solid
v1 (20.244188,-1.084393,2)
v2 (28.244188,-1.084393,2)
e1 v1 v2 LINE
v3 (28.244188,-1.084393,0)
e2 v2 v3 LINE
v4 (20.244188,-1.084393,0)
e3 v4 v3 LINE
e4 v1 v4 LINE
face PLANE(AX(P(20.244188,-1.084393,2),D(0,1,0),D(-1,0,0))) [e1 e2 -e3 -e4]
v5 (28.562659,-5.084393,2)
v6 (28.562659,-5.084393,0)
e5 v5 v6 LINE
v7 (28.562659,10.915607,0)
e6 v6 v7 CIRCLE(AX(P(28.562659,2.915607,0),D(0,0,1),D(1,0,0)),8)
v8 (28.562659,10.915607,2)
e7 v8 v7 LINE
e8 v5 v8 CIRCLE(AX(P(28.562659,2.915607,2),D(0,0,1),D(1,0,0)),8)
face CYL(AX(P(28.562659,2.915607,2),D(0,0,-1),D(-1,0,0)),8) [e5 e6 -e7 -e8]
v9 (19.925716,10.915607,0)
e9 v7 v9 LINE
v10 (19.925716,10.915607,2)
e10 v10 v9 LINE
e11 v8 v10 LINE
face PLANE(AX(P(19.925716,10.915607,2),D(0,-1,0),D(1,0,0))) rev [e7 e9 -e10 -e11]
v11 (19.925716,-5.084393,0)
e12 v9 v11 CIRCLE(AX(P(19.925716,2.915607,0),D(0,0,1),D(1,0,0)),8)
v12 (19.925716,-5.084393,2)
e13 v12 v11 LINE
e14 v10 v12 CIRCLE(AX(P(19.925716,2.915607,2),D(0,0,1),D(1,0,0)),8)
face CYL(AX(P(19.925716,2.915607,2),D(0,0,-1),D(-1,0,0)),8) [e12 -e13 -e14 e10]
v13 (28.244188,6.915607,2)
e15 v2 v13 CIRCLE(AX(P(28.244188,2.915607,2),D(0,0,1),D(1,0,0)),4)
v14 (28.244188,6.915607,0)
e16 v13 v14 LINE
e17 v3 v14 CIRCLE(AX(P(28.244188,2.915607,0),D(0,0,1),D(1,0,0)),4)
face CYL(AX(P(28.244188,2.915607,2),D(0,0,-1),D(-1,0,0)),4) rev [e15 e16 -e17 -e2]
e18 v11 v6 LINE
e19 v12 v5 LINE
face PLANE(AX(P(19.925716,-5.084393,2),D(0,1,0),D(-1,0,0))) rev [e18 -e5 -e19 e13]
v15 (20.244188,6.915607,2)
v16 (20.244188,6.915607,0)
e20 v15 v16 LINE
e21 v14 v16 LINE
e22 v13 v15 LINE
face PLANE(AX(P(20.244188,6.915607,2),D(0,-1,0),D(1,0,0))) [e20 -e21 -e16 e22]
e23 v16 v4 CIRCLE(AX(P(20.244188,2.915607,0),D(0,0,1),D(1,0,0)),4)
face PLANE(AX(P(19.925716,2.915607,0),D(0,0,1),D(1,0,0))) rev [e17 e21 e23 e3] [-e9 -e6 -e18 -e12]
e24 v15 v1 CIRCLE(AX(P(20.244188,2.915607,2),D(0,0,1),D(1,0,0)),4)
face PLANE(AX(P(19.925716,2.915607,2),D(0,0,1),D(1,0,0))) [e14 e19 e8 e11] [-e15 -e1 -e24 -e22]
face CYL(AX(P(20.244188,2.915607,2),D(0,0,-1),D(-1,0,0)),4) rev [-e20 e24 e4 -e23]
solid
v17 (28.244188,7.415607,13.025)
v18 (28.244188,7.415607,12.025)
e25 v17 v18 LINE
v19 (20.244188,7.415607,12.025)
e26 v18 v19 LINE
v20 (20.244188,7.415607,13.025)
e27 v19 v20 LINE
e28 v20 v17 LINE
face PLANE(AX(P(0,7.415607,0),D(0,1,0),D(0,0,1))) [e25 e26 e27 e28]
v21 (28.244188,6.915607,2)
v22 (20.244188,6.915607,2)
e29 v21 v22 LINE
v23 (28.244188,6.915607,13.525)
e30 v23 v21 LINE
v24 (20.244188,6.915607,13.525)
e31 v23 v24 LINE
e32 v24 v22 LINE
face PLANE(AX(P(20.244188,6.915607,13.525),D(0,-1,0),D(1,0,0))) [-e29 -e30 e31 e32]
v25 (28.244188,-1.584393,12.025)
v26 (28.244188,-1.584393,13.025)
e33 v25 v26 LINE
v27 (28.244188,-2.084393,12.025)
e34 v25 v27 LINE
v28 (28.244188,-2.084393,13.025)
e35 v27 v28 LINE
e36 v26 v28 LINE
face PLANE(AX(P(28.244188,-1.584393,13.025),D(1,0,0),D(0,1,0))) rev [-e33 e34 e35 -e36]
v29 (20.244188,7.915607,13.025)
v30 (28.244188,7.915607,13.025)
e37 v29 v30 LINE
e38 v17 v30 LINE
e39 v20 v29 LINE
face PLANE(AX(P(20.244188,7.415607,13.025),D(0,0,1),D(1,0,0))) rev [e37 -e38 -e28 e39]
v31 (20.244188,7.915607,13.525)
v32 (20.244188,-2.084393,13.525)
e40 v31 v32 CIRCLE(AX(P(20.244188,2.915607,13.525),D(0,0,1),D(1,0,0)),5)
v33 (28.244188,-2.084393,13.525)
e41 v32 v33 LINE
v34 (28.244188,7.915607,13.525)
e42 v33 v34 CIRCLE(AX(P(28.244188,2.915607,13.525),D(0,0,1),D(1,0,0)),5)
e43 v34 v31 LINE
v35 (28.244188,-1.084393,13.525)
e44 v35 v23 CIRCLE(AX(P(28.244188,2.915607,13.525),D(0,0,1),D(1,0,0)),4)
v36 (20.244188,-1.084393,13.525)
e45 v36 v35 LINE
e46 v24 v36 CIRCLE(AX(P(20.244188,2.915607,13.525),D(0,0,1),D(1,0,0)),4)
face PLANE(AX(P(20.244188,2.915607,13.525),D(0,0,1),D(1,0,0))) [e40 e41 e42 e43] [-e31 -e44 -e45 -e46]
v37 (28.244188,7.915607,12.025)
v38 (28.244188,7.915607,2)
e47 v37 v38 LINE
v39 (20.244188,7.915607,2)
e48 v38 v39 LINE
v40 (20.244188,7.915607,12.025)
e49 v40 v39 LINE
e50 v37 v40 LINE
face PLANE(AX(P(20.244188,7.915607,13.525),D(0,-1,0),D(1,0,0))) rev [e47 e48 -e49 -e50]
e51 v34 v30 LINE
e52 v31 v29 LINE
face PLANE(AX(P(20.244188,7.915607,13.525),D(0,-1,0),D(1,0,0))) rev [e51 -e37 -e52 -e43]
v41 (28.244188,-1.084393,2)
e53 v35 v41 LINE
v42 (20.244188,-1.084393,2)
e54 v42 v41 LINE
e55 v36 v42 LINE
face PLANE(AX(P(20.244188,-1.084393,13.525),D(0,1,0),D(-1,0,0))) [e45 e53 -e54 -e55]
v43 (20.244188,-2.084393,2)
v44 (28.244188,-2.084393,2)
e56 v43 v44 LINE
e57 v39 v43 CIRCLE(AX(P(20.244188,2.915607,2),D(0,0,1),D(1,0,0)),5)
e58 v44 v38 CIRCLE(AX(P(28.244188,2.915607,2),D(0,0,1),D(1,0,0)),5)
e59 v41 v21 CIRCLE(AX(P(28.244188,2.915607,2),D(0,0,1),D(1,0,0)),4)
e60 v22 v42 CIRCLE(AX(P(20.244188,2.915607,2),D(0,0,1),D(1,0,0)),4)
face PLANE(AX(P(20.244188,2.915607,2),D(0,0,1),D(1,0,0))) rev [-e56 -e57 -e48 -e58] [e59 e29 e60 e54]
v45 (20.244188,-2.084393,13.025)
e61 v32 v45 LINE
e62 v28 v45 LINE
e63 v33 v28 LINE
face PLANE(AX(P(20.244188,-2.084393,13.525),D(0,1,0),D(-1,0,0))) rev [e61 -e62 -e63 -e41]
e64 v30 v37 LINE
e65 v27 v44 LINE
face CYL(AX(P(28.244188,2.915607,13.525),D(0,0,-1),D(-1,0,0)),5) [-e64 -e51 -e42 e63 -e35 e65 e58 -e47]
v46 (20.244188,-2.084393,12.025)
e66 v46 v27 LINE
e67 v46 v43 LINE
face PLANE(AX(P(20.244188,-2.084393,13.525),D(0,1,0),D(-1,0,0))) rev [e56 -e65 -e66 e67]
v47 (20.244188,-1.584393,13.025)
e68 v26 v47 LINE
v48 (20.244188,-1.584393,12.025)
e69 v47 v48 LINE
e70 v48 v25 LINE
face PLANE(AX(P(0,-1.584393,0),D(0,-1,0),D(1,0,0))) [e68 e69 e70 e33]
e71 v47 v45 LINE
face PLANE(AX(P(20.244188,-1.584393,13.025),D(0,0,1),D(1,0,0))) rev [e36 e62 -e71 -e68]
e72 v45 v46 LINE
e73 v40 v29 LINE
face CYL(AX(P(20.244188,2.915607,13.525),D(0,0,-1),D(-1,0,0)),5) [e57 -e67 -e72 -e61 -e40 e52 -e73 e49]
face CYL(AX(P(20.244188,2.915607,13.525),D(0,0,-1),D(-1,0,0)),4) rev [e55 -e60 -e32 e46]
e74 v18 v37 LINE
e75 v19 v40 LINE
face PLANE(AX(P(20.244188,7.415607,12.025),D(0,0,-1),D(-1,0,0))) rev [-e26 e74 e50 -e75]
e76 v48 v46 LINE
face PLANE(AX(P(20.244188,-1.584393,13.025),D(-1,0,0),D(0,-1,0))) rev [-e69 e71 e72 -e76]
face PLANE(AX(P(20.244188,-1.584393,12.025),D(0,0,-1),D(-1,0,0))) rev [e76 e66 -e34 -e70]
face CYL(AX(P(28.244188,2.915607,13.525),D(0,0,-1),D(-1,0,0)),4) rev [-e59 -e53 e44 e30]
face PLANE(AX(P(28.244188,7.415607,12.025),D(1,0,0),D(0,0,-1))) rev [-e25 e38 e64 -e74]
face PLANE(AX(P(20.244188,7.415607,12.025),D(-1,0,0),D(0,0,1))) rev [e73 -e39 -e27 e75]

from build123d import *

# Parameters (mm, degrees)
BASEBOSS_EXTRUDE1_DEPTH = 2
BOSS_EXTRUDE2_DEPTH     = 11.525
SKETCH3_W               = 8
SKETCH3_H               = 1
CUT_EXTRUDE1_DEPTH      = 0.5
SKETCH4_W               = 8
SKETCH4_H               = 1
CUT_EXTRUDE2_DEPTH      = 0.5


with BuildPart() as part:
    # Sketch1 → BaseBoss-Extrude1 (new body)
    with BuildSketch(Plane.XY):
        with BuildLine():
            Line((19.925716198, 10.915607247), (28.562658873, 10.915607247))
            ThreePointArc((28.562658873, 10.915607247), (36.562658873, 2.915607247), (28.562658873, -5.084392753))
            Line((28.562658873, -5.084392753), (19.925716198, -5.084392753))
            ThreePointArc((19.925716198, -5.084392753), (11.925716198, 2.915607247), (19.925716198, 10.915607247))
        make_face()
        with BuildLine():
            Line((20.244187536, 6.915607247), (28.244187536, 6.915607247))
            ThreePointArc((28.244187536, 6.915607247), (32.244187536, 2.915607247), (28.244187536, -1.084392753))
            Line((28.244187536, -1.084392753), (20.244187536, -1.084392753))
            ThreePointArc((20.244187536, -1.084392753), (16.244187536, 2.915607247), (20.244187536, 6.915607247))
        make_face(mode=Mode.SUBTRACT)
    extrude(amount=BASEBOSS_EXTRUDE1_DEPTH)


with BuildPart() as body_2:
    # Sketch2 → Boss-Extrude2 (new body)
    with BuildSketch(Plane.XY.offset(2)):
        with BuildLine():
            Line((20.244187536, 7.915607247), (28.244187536, 7.915607247))
            ThreePointArc((28.244187536, 7.915607247), (33.244187536, 2.915607247), (28.244187536, -2.084392753))
            Line((28.244187536, -2.084392753), (20.244187536, -2.084392753))
            ThreePointArc((20.244187536, -2.084392753), (15.244187536, 2.915607247), (20.244187536, 7.915607247))
        make_face()
        with BuildLine():
            Line((20.244187536, 6.915607247), (28.244187536, 6.915607247))
            ThreePointArc((28.244187536, 6.915607247), (32.244187536, 2.915607247), (28.244187536, -1.084392753))
            Line((28.244187536, -1.084392753), (20.244187536, -1.084392753))
            ThreePointArc((20.244187536, -1.084392753), (16.244187536, 2.915607247), (20.244187536, 6.915607247))
        make_face(mode=Mode.SUBTRACT)
    extrude(amount=BOSS_EXTRUDE2_DEPTH)

    # Sketch3 → Cut-Extrude1 (cut)
    with BuildSketch(Plane.XZ.offset(2.084392753)):
        with Locations((24.244187536, 12.525)):
            Rectangle(SKETCH3_W, SKETCH3_H)
    extrude(amount=-CUT_EXTRUDE1_DEPTH, mode=Mode.SUBTRACT)

    # Sketch4 → Cut-Extrude2 (cut)
    with BuildSketch(Plane(origin=(0, 7.915607247, 0), x_dir=(1, 0, 0), z_dir=(0, 1, 0))):
        with Locations((24.244187536, -12.525)):
            Rectangle(SKETCH4_W, SKETCH4_H)
    extrude(amount=-CUT_EXTRUDE2_DEPTH, mode=Mode.SUBTRACT)


solid = Compound([part.part, body_2.part])
